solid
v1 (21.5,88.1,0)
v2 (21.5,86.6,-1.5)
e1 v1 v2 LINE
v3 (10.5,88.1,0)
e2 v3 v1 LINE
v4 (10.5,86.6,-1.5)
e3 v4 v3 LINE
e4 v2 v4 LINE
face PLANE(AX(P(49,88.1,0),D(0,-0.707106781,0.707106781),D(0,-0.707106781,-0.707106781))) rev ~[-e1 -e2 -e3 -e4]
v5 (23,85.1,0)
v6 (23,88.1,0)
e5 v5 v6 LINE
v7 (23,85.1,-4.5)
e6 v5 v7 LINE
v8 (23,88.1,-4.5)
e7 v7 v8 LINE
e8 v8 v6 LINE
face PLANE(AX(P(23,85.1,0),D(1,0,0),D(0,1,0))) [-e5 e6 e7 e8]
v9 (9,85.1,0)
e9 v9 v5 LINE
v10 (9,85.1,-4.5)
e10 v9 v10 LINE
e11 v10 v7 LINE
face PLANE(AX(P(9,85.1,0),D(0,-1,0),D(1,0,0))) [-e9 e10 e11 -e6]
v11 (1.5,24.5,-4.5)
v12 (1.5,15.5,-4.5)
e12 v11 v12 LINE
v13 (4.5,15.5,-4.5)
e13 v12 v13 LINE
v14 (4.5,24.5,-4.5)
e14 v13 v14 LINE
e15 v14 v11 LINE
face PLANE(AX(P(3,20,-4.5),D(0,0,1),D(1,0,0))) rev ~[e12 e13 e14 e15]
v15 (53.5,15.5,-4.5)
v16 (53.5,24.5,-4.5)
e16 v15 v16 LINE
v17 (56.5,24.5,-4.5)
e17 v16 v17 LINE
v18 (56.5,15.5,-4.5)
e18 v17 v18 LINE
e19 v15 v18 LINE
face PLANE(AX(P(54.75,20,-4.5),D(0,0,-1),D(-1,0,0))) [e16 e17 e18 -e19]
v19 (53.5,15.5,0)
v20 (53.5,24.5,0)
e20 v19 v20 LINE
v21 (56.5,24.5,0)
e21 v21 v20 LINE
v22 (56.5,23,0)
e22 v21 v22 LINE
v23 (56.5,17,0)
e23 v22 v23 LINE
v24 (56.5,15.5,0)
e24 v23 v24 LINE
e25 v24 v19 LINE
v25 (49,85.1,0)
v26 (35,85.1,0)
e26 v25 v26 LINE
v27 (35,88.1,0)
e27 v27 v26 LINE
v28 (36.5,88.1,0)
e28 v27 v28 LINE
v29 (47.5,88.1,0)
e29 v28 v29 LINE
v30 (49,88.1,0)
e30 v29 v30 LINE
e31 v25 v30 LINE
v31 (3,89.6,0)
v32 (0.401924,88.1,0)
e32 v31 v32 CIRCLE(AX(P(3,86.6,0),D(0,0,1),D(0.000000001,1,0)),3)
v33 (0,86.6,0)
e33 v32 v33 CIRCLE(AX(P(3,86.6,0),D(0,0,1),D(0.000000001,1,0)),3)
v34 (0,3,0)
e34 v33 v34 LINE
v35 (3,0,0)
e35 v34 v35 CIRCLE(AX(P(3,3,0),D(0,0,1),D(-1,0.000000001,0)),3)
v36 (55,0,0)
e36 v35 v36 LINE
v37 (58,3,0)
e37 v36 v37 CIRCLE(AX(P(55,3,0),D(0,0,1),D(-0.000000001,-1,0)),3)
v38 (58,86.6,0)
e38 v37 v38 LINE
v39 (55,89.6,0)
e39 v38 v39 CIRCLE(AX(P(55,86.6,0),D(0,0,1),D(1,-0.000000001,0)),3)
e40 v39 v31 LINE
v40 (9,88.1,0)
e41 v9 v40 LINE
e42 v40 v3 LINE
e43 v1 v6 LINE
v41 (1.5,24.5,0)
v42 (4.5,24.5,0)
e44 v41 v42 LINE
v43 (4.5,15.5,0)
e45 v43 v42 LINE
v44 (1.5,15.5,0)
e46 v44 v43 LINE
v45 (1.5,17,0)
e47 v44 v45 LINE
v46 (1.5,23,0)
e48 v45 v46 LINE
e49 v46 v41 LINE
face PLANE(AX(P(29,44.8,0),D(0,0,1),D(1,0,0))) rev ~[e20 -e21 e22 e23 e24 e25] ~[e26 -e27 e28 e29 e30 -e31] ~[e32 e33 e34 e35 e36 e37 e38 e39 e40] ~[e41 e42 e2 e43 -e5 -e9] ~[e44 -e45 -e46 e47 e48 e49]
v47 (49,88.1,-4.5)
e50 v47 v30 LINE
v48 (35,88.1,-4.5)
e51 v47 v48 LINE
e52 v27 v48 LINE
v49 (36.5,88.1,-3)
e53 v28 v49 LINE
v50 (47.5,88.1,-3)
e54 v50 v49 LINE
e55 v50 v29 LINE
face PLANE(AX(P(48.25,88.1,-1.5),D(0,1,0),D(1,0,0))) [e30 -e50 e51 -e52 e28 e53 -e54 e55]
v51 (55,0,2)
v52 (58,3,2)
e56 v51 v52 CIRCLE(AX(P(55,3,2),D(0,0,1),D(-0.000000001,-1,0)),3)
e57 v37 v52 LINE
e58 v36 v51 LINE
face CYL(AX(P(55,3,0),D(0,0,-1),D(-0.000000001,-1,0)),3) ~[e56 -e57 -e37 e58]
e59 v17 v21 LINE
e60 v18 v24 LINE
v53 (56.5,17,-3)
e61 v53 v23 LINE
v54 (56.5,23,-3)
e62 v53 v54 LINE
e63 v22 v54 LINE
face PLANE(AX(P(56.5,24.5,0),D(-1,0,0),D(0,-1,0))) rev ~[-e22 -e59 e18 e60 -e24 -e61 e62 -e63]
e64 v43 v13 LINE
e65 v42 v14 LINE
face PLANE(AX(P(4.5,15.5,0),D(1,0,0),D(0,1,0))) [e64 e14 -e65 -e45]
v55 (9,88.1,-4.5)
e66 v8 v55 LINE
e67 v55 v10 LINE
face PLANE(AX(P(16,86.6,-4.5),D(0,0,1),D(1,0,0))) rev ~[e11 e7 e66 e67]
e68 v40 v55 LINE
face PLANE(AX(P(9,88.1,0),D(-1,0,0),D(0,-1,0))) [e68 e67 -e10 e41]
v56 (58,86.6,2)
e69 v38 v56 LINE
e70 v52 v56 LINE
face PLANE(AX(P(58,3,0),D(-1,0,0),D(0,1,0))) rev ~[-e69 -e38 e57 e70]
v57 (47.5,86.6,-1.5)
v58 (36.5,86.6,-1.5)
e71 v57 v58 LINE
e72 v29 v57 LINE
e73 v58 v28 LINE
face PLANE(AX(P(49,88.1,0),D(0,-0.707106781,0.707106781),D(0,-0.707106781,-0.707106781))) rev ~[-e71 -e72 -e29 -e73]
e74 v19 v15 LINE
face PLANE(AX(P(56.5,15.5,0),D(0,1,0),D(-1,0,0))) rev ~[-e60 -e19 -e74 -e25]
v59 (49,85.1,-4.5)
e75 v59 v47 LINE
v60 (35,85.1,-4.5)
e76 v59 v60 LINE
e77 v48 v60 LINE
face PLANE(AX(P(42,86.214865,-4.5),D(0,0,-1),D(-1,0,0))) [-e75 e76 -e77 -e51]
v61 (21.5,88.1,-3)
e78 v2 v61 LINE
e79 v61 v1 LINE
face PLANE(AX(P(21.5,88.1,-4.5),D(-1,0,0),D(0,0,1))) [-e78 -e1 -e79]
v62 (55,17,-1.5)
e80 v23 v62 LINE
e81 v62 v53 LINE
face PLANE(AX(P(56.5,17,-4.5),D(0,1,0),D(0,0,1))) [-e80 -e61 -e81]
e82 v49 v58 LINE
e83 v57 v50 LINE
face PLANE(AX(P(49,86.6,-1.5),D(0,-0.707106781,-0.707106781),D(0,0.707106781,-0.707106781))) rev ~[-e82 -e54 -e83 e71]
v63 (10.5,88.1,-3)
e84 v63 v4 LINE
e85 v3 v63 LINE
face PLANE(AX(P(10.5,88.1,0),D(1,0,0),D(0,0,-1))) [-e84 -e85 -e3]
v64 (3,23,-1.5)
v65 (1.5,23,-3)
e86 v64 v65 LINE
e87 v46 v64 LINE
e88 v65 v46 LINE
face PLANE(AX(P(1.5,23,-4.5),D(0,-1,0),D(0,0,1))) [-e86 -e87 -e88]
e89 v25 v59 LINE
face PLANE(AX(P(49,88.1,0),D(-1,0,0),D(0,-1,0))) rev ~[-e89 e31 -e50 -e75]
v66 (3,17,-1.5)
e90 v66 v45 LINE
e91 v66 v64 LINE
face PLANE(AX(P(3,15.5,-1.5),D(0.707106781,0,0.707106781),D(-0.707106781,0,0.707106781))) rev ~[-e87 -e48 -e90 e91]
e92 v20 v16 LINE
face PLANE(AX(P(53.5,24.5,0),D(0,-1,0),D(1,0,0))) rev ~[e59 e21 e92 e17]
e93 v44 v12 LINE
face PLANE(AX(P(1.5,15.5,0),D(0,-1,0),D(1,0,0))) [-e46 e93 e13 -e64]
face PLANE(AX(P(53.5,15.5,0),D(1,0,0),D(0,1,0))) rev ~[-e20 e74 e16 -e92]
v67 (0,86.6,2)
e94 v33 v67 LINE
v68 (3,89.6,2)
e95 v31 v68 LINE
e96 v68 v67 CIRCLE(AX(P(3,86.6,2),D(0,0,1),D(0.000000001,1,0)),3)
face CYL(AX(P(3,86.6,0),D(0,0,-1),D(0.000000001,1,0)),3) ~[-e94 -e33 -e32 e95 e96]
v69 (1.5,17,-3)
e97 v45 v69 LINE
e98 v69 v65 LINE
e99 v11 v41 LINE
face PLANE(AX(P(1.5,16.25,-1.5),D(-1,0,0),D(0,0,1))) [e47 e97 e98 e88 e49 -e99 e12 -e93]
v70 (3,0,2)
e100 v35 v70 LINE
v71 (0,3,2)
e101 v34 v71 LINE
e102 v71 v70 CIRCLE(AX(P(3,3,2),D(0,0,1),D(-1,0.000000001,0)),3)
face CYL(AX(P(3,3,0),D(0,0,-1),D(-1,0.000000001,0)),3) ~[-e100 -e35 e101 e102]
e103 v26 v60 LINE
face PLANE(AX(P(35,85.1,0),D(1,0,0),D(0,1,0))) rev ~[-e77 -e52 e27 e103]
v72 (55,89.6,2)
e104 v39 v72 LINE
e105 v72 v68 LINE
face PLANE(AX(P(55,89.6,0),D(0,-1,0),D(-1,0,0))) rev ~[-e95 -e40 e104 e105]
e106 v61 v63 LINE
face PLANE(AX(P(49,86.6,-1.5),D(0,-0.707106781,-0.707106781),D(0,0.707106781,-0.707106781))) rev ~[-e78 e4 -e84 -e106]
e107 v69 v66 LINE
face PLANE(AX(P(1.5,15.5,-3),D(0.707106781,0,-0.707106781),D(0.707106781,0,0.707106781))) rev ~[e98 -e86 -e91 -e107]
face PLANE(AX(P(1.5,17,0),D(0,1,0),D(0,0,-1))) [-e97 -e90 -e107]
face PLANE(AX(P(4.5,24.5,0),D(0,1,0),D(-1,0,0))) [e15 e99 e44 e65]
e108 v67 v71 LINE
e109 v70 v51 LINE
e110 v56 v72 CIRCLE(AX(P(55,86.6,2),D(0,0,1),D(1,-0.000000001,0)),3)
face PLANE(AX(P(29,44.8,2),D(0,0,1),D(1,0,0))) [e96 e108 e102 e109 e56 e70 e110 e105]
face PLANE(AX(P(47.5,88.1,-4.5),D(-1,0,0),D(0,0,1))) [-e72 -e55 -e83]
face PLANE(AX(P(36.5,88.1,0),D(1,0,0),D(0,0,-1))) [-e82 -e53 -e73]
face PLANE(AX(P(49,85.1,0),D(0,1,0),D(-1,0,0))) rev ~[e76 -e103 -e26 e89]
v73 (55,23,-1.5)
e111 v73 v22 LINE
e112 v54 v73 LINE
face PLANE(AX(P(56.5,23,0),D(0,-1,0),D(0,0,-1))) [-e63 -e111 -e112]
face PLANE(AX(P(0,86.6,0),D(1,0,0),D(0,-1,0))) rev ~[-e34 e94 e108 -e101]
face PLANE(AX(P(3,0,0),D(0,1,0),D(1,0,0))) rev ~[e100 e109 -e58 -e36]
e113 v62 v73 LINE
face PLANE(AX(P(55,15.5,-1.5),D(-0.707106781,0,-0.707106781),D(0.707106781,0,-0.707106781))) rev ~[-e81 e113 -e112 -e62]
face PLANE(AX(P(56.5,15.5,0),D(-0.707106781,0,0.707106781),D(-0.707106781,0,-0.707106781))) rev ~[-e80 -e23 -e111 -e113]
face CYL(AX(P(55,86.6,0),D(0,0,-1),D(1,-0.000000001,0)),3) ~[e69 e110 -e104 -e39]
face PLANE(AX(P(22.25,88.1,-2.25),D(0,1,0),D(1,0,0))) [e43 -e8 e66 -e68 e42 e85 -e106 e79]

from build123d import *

# Parameters (mm, degrees)
EXTRUDE_1_DEPTH     = 2
SKETCH_4_W          = 11
SKETCH_4_H          = 1.5
EXTRUDE_3_DEPTH     = 4.5
CUT_EXTRUDE_3_DEPTH = 60
SKETCH_6_W          = 1.5
SKETCH_6_H          = 1.5
EXTRUDE_4_DEPTH     = 1.5
SKETCH_8_W          = 1.5
SKETCH_8_H          = 6
EXTRUDE_5_DEPTH     = 4.5
CUT_EXTRUDE_4_DEPTH = 20
SKETCH_12_W         = 1.5
SKETCH_12_H         = 1.5
EXTRUDE_7_DEPTH     = 1.5
SKETCH_13_W         = 1.5
SKETCH_13_H         = 1.5
EXTRUDE_8_DEPTH     = 1.5


with BuildPart() as part:
    # 草图2 → 凸台-拉伸1 (new body)
    with BuildSketch(Plane.XY):
        with BuildLine():
            Line((0, 86.6), (0, 3))
            ThreePointArc((0, 3), (0.878679656, 0.878679656), (3, 0))
            Line((3, 0), (55, 0))
            ThreePointArc((55, 0), (57.121320344, 0.878679656), (58, 3))
            Line((58, 3), (58, 86.6))
            ThreePointArc((58, 86.6), (57.121320344, 88.721320344), (55, 89.6))
            Line((55, 89.6), (3, 89.6))
            ThreePointArc((3, 89.6), (0.878679656, 88.721320344), (0, 86.6))
        make_face()
    extrude(amount=EXTRUDE_1_DEPTH)

    # 草图4 → 凸台-拉伸3 (add)
    with BuildSketch(Plane(origin=(0, 0, 0), x_dir=(-1, 0, 0), z_dir=(0, 0, -1))):
        Polygon((-35, 85.1), (-35, 88.1), (-36.5, 88.1), (-36.5, 86.6), (-47.5, 86.6), (-47.5, 88.1), (-49, 88.1), (-49, 85.1), align=None)
        Polygon((-21.5, 88.1), (-10.5, 88.1), (-9, 88.1), (-9, 85.1), (-23, 85.1), (-23, 88.1), align=None)
        with Locations((-42, 87.35)):
            Rectangle(SKETCH_4_W, SKETCH_4_H)
    extrude(amount=EXTRUDE_3_DEPTH)

    # 草图5 → 切除-拉伸3 (cut)
    with BuildSketch(Plane(origin=(49, 0, 0), x_dir=(0, 0, -1), z_dir=(1, 0, 0))):
        Polygon((1.5, 88.1), (1.5, 86.6), (3, 88.1), align=None)
        Polygon((0, 88.1), (1.5, 86.6), (1.5, 88.1), align=None)
    extrude(amount=-CUT_EXTRUDE_3_DEPTH, mode=Mode.SUBTRACT)

    # 草图6 → 凸台-拉伸4 (add)
    with BuildSketch(Plane(origin=(0, 88.1, 0), x_dir=(1, 0, 0), z_dir=(0, 1, 0))):
        Polygon((9, 0), (10.5, 0), (10.5, 4.5), (9, 4.5), (9, 3), (9, 1.5), align=None)
        Polygon((21.5, 0), (23, 0), (23, 1.5), (23, 3), (23, 4.5), (21.5, 4.5), align=None)
        with Locations((35.75, 3.75)):
            Rectangle(SKETCH_6_W, SKETCH_6_H)
        Polygon((36.5, 3), (35, 3), (35, 1.5), (35, 0), (36.5, 0), align=None)
        Polygon((49, 3), (47.5, 3), (47.5, 0), (49, 0), (49, 1.5), align=None)
        with Locations((48.25, 3.75)):
            Rectangle(SKETCH_6_W, SKETCH_6_H)
    extrude(amount=-EXTRUDE_4_DEPTH)

    # 草图8 → 凸台-拉伸5 (add)
    with BuildSketch(Plane(origin=(0, 0, 0), x_dir=(-1, 0, 0), z_dir=(0, 0, -1))):
        Polygon((-53.5, 24.5), (-56.5, 24.5), (-56.5, 23), (-55, 23), (-55, 17), (-56.5, 17), (-56.5, 15.5), (-53.5, 15.5), align=None)
        with Locations((-55.75, 20)):
            Rectangle(SKETCH_8_W, SKETCH_8_H)
        Polygon((-4.5, 15.5), (-4.5, 24.5), (-1.5, 24.5), (-1.5, 23), (-1.5, 17), (-1.5, 15.5), align=None)
    extrude(amount=EXTRUDE_5_DEPTH)

    # 草图9 → 切除-拉伸4 (cut)
    with BuildSketch(Plane.XZ.offset(-15.5)):
        Polygon((1.5, -3), (3, -1.5), (1.5, 0), align=None)
        Polygon((56.5, -3), (56.5, 0), (55, -1.5), align=None)
    extrude(amount=-CUT_EXTRUDE_4_DEPTH, mode=Mode.SUBTRACT)

    # 草图12 → 凸台-拉伸7 (add)
    with BuildSketch(Plane.ZY.offset(-1.5)):
        Polygon((0, 23), (0, 24.5), (-1.5, 24.5), (-3, 24.5), (-3, 23), align=None)
        Polygon((0, 15.5), (0, 17), (-3, 17), (-3, 15.5), (-1.5, 15.5), align=None)
        with Locations((-3.75, 23.75)):
            Rectangle(SKETCH_12_W, SKETCH_12_H)
        with Locations((-3.75, 16.25)):
            Rectangle(SKETCH_12_W, SKETCH_12_H)
    extrude(amount=-EXTRUDE_7_DEPTH)

    # 草图13 → 凸台-拉伸8 (add)
    with BuildSketch(Plane(origin=(56.5, 0, 0), x_dir=(0, 0, -1), z_dir=(1, 0, 0))):
        with Locations((3.75, 16.25)):
            Rectangle(SKETCH_13_W, SKETCH_13_H)
        Polygon((3, 17), (0, 17), (0, 15.5), (1.5, 15.5), (3, 15.5), align=None)
        with Locations((3.75, 23.75)):
            Rectangle(SKETCH_13_W, SKETCH_13_H)
        Polygon((1.5, 24.5), (0, 24.5), (0, 23), (3, 23), (3, 24.5), align=None)
    extrude(amount=-EXTRUDE_8_DEPTH)


solid = part.part
